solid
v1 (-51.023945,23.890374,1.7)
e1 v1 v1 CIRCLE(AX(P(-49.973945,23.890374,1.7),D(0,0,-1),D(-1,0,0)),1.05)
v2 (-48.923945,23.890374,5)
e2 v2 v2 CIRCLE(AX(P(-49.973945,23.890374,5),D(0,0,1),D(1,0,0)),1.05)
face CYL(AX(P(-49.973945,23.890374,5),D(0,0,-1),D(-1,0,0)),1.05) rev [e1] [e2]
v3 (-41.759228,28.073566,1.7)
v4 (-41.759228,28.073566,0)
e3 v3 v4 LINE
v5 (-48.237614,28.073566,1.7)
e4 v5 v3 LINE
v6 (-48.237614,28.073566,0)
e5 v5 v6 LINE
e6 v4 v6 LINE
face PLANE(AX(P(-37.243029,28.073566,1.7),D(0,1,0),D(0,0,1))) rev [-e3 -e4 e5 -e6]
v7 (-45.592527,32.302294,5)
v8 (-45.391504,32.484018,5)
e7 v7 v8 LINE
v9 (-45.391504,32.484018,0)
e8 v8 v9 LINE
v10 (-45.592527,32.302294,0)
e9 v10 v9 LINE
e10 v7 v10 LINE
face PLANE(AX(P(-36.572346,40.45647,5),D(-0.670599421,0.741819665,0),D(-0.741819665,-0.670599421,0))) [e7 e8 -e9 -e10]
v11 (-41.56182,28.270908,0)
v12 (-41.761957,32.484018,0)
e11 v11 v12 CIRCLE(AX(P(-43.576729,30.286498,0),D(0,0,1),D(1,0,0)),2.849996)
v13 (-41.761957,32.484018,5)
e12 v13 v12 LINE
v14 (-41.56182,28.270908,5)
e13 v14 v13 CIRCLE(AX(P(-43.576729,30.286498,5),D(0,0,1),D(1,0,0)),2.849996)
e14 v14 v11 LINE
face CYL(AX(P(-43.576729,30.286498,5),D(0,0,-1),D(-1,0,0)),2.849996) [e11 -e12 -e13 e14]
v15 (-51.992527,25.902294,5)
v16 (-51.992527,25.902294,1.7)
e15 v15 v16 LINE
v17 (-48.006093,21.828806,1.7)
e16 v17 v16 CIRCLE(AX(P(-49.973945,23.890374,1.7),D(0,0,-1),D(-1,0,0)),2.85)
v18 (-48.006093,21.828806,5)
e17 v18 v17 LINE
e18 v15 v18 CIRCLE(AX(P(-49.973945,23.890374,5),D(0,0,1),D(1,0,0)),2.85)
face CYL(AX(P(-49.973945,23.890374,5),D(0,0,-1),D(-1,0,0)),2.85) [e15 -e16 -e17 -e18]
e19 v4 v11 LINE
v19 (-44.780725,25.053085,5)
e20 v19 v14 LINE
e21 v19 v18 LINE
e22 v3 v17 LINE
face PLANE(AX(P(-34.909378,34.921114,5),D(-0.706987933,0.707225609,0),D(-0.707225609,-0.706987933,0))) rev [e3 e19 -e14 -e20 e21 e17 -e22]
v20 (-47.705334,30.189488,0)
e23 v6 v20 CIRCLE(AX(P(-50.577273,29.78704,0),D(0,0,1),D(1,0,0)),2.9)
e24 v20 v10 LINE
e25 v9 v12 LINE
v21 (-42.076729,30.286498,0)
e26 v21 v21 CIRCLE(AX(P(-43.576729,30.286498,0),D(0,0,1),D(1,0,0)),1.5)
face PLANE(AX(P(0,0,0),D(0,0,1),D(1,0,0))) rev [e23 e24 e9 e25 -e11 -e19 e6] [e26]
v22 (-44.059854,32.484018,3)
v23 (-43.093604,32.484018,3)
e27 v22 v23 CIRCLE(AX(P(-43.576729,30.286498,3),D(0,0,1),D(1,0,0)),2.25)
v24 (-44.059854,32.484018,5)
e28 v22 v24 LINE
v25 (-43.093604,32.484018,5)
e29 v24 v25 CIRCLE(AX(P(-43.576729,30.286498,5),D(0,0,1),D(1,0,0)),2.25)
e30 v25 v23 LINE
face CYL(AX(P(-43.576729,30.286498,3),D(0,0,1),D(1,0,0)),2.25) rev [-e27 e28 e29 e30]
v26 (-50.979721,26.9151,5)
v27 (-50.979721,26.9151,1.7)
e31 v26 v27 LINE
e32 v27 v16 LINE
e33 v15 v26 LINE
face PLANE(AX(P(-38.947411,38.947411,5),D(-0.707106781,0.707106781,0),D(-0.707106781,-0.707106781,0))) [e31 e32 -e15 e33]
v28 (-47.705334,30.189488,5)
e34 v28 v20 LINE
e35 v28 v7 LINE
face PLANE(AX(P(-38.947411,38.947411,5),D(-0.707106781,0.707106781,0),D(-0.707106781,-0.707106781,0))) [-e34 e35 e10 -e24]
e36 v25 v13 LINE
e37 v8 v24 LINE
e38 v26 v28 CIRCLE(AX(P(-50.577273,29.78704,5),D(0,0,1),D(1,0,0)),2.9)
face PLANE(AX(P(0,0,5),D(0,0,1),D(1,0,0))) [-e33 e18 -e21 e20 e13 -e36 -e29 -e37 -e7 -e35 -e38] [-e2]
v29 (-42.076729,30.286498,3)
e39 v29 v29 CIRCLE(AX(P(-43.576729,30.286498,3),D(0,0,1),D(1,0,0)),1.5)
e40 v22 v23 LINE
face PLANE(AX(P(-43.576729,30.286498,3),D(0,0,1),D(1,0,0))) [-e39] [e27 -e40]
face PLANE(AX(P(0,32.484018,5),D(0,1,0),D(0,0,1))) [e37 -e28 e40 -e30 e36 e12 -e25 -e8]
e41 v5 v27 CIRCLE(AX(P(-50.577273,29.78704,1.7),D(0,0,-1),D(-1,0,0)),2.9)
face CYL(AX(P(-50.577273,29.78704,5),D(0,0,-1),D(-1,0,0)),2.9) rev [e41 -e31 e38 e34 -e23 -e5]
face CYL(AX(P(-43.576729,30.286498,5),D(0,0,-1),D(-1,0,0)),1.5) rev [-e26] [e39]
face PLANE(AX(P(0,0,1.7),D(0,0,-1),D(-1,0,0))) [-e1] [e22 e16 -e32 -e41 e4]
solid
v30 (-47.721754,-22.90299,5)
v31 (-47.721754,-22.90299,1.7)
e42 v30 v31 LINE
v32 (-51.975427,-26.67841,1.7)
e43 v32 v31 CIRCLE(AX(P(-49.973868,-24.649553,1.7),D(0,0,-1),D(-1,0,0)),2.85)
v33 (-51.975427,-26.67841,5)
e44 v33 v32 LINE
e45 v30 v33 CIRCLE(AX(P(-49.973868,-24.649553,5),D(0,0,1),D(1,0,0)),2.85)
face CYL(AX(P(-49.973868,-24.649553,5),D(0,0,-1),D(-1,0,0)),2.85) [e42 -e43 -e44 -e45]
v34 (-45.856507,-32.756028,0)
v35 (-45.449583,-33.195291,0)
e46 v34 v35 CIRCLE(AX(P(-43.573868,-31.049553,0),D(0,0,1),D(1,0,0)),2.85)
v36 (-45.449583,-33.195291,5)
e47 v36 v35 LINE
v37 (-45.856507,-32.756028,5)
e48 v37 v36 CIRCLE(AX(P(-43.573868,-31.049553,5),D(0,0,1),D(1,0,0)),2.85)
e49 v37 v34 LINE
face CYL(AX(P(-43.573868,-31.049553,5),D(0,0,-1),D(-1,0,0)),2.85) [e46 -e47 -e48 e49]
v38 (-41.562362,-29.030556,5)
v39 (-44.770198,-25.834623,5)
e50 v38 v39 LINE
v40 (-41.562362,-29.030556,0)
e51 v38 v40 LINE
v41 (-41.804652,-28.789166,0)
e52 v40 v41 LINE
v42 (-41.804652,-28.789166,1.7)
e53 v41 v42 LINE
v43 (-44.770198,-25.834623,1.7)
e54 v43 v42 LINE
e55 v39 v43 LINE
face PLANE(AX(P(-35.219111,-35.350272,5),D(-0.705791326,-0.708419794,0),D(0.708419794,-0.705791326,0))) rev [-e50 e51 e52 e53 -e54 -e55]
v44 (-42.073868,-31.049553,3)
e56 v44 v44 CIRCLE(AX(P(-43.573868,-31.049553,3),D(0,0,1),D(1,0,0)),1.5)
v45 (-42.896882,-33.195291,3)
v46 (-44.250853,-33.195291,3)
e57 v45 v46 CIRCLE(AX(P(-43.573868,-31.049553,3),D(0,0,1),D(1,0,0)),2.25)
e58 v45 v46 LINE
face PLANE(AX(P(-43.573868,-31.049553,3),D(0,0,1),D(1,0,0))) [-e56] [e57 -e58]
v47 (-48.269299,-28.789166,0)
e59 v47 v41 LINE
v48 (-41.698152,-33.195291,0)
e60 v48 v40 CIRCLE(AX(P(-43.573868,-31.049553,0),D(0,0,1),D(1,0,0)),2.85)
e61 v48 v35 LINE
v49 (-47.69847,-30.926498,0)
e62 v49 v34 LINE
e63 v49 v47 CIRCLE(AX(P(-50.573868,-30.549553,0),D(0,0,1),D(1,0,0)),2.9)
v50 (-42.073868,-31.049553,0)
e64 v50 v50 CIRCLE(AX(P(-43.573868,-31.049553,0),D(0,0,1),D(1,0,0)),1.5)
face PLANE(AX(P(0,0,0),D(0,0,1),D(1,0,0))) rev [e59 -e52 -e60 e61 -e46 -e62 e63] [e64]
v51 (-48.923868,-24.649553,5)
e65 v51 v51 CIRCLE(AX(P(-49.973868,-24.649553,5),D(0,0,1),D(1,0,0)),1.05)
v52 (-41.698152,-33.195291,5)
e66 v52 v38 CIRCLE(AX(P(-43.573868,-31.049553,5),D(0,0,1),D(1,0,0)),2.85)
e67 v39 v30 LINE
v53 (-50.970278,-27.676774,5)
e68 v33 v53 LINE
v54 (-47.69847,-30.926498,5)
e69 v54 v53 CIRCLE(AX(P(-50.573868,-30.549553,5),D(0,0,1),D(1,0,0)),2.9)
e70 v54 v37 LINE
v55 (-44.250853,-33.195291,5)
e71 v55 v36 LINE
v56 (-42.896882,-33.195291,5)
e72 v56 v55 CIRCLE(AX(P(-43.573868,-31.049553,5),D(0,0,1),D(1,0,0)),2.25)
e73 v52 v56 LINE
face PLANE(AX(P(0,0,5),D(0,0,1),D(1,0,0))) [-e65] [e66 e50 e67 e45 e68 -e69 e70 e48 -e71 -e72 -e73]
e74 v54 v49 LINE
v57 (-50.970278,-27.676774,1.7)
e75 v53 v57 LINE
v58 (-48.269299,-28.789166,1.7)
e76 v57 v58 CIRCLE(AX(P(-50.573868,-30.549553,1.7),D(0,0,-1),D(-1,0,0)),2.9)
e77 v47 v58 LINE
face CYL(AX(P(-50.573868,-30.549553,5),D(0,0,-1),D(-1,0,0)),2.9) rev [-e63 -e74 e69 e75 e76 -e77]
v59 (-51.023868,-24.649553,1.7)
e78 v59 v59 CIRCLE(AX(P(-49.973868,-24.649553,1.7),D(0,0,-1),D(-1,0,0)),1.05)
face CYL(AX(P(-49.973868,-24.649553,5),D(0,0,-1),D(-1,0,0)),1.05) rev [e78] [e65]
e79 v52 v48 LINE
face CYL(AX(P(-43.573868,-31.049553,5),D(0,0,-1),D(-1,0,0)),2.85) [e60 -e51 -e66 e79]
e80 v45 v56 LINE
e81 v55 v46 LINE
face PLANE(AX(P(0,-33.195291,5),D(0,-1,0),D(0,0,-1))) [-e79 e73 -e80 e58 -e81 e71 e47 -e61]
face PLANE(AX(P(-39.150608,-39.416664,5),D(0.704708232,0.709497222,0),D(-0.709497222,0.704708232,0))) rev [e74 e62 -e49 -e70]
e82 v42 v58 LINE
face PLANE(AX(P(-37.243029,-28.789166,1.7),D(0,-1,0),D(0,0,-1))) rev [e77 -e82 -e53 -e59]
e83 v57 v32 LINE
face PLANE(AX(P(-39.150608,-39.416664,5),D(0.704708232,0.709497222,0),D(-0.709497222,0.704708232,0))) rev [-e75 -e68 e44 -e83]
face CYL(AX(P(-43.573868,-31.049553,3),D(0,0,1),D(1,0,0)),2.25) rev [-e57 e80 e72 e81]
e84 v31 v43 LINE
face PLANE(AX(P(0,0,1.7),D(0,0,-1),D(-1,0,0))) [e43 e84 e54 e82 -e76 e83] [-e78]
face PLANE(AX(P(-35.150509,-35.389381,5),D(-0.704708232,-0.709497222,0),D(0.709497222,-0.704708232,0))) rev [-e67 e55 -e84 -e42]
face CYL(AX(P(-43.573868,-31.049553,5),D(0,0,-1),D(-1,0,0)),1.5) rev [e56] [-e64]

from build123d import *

# Parameters (mm, degrees)
SKIZZE8_R                       = 1.5
SKIZZE8_R_2                     = 1.05
AUFSATZ_LINEAR_AUSTRAGEN2_DEPTH = 5
SKIZZE10_W                      = 20.065556473
SKIZZE10_H                      = 56.862731781
SCHNITT_LINEAR_AUSTRAGEN6_DEPTH = 1.7
SKIZZE11_R                      = 2.25
SCHNITT_LINEAR_AUSTRAGEN7_DEPTH = 2


with BuildPart() as part:
    # Skizze8 → Aufsatz-Linear austragen2 (new body)
    # profile 1 of 4: a face of its own
    with BuildSketch(Plane.XY):
        with BuildLine():
            ThreePointArc((-47.123867598, -24.649552882), (-48.874309678, -27.278901163), (-51.975427164, -26.678409532))
            Line((-51.975427164, -26.678409532), (-50.970278136, -27.676773969))
            ThreePointArc((-50.970278136, -27.676773969), (-48.530213724, -28.49201094), (-47.698469834, -30.926498104))
            Line((-47.698469834, -30.926498104), (-45.856507051, -32.756027941))
            ThreePointArc((-45.856507051, -32.756027941), (-45.664613255, -32.986375692), (-45.449583337, -33.195290626))
            Line((-45.449583337, -33.195290626), (-41.698151858, -33.195290626))
            ThreePointArc((-41.698151858, -33.195290626), (-40.725381252, -31.142426674), (-41.562362318, -29.03055647))
            Line((-41.562362318, -29.03055647), (-44.770198206, -25.834622697))
            Line((-44.770198206, -25.834622697), (-47.721753605, -22.902989811))
            ThreePointArc((-47.721753605, -22.902989811), (-47.27747882, -23.72652116), (-47.123867598, -24.649552882))
        make_face()
        with Locations((-43.573867598, -31.049552882)):
            Circle(SKIZZE8_R, mode=Mode.SUBTRACT)
    # profile 2 of 4: a face of its own
    with BuildSketch(Plane.XY):
        with BuildLine():
            ThreePointArc((-52.823867598, -24.649552882), (-52.603215878, -25.749110802), (-51.975427164, -26.678409532))
            ThreePointArc((-51.975427164, -26.678409532), (-48.874309678, -27.278901163), (-47.123867598, -24.649552882))
            ThreePointArc((-47.123867598, -24.649552882), (-47.27747882, -23.72652116), (-47.721753605, -22.902989811))
            ThreePointArc((-47.721753605, -22.902989811), (-50.89689932, -21.953164105), (-52.823867598, -24.649552882))
        make_face()
        with Locations((-49.973867598, -24.649552882)):
            Circle(SKIZZE8_R_2, mode=Mode.SUBTRACT)
    # profile 3 of 4: a face of its own
    with BuildSketch(Plane.XY):
        with BuildLine():
            Line((-50.979721106, 26.915100263), (-51.992527433, 25.902293935))
            ThreePointArc((-51.992527433, 25.902293935), (-48.885473472, 26.524330713), (-47.123944687, 23.890373535))
            ThreePointArc((-47.123944687, 23.890373535), (-47.328564647, 22.829965856), (-47.913042545, 21.921825248))
            Line((-47.913042545, 21.921825248), (-44.780724925, 25.053084596))
            Line((-44.780724925, 25.053084596), (-41.561819772, 28.270907976))
            ThreePointArc((-41.561819772, 28.270907976), (-40.729945685, 30.421733289), (-41.761957084, 32.48401758))
            Line((-41.761957084, 32.48401758), (-45.391504037, 32.48401758))
            Line((-45.391504037, 32.48401758), (-45.592527433, 32.302293935))
            Line((-45.592527433, 32.302293935), (-47.705333761, 30.189487608))
            ThreePointArc((-47.705333761, 30.189487608), (-48.526663441, 27.736429944), (-50.979721106, 26.915100263))
        make_face()
        with Locations((-43.576729265, 30.286498448)):
            Circle(SKIZZE8_R, mode=Mode.SUBTRACT)
    # profile 4 of 4: a face of its own
    with BuildSketch(Plane.XY):
        with BuildLine():
            ThreePointArc((-47.123944687, 23.890373535), (-48.885473472, 26.524330713), (-51.992527433, 25.902293935))
            ThreePointArc((-51.992527433, 25.902293935), (-52.607901865, 24.978844751), (-52.823944687, 23.890373535))
            ThreePointArc((-52.823944687, 23.890373535), (-51.095132106, 21.270175304), (-48.006092917, 21.828806313))
            Line((-48.006092917, 21.828806313), (-47.913042545, 21.921825248))
            ThreePointArc((-47.913042545, 21.921825248), (-47.328564647, 22.829965856), (-47.123944687, 23.890373535))
        make_face()
        with Locations((-49.973944687, 23.890373535)):
            Circle(SKIZZE8_R_2, mode=Mode.SUBTRACT)
    extrude(amount=AUFSATZ_LINEAR_AUSTRAGEN2_DEPTH)

    # Skizze10 → Schnitt-Linear austragen6 (cut)
    with BuildSketch(Plane(origin=(0, 0, 0), x_dir=(-1, 0, 0), z_dir=(0, 0, -1))):
        with Locations((47.275807156, -0.357800275)):
            Rectangle(SKIZZE10_W, SKIZZE10_H)
    extrude(amount=-SCHNITT_LINEAR_AUSTRAGEN6_DEPTH, mode=Mode.SUBTRACT)

    # Skizze11 → Schnitt-Linear austragen7 (cut)
    with BuildSketch(Plane.XY.offset(5)):
        with Locations((-43.576729265, 30.286498448)):
            Circle(SKIZZE11_R)
        with Locations((-43.573867598, -31.049552882)):
            Circle(SKIZZE11_R)
    extrude(amount=-SCHNITT_LINEAR_AUSTRAGEN7_DEPTH, mode=Mode.SUBTRACT)


solid = part.part
